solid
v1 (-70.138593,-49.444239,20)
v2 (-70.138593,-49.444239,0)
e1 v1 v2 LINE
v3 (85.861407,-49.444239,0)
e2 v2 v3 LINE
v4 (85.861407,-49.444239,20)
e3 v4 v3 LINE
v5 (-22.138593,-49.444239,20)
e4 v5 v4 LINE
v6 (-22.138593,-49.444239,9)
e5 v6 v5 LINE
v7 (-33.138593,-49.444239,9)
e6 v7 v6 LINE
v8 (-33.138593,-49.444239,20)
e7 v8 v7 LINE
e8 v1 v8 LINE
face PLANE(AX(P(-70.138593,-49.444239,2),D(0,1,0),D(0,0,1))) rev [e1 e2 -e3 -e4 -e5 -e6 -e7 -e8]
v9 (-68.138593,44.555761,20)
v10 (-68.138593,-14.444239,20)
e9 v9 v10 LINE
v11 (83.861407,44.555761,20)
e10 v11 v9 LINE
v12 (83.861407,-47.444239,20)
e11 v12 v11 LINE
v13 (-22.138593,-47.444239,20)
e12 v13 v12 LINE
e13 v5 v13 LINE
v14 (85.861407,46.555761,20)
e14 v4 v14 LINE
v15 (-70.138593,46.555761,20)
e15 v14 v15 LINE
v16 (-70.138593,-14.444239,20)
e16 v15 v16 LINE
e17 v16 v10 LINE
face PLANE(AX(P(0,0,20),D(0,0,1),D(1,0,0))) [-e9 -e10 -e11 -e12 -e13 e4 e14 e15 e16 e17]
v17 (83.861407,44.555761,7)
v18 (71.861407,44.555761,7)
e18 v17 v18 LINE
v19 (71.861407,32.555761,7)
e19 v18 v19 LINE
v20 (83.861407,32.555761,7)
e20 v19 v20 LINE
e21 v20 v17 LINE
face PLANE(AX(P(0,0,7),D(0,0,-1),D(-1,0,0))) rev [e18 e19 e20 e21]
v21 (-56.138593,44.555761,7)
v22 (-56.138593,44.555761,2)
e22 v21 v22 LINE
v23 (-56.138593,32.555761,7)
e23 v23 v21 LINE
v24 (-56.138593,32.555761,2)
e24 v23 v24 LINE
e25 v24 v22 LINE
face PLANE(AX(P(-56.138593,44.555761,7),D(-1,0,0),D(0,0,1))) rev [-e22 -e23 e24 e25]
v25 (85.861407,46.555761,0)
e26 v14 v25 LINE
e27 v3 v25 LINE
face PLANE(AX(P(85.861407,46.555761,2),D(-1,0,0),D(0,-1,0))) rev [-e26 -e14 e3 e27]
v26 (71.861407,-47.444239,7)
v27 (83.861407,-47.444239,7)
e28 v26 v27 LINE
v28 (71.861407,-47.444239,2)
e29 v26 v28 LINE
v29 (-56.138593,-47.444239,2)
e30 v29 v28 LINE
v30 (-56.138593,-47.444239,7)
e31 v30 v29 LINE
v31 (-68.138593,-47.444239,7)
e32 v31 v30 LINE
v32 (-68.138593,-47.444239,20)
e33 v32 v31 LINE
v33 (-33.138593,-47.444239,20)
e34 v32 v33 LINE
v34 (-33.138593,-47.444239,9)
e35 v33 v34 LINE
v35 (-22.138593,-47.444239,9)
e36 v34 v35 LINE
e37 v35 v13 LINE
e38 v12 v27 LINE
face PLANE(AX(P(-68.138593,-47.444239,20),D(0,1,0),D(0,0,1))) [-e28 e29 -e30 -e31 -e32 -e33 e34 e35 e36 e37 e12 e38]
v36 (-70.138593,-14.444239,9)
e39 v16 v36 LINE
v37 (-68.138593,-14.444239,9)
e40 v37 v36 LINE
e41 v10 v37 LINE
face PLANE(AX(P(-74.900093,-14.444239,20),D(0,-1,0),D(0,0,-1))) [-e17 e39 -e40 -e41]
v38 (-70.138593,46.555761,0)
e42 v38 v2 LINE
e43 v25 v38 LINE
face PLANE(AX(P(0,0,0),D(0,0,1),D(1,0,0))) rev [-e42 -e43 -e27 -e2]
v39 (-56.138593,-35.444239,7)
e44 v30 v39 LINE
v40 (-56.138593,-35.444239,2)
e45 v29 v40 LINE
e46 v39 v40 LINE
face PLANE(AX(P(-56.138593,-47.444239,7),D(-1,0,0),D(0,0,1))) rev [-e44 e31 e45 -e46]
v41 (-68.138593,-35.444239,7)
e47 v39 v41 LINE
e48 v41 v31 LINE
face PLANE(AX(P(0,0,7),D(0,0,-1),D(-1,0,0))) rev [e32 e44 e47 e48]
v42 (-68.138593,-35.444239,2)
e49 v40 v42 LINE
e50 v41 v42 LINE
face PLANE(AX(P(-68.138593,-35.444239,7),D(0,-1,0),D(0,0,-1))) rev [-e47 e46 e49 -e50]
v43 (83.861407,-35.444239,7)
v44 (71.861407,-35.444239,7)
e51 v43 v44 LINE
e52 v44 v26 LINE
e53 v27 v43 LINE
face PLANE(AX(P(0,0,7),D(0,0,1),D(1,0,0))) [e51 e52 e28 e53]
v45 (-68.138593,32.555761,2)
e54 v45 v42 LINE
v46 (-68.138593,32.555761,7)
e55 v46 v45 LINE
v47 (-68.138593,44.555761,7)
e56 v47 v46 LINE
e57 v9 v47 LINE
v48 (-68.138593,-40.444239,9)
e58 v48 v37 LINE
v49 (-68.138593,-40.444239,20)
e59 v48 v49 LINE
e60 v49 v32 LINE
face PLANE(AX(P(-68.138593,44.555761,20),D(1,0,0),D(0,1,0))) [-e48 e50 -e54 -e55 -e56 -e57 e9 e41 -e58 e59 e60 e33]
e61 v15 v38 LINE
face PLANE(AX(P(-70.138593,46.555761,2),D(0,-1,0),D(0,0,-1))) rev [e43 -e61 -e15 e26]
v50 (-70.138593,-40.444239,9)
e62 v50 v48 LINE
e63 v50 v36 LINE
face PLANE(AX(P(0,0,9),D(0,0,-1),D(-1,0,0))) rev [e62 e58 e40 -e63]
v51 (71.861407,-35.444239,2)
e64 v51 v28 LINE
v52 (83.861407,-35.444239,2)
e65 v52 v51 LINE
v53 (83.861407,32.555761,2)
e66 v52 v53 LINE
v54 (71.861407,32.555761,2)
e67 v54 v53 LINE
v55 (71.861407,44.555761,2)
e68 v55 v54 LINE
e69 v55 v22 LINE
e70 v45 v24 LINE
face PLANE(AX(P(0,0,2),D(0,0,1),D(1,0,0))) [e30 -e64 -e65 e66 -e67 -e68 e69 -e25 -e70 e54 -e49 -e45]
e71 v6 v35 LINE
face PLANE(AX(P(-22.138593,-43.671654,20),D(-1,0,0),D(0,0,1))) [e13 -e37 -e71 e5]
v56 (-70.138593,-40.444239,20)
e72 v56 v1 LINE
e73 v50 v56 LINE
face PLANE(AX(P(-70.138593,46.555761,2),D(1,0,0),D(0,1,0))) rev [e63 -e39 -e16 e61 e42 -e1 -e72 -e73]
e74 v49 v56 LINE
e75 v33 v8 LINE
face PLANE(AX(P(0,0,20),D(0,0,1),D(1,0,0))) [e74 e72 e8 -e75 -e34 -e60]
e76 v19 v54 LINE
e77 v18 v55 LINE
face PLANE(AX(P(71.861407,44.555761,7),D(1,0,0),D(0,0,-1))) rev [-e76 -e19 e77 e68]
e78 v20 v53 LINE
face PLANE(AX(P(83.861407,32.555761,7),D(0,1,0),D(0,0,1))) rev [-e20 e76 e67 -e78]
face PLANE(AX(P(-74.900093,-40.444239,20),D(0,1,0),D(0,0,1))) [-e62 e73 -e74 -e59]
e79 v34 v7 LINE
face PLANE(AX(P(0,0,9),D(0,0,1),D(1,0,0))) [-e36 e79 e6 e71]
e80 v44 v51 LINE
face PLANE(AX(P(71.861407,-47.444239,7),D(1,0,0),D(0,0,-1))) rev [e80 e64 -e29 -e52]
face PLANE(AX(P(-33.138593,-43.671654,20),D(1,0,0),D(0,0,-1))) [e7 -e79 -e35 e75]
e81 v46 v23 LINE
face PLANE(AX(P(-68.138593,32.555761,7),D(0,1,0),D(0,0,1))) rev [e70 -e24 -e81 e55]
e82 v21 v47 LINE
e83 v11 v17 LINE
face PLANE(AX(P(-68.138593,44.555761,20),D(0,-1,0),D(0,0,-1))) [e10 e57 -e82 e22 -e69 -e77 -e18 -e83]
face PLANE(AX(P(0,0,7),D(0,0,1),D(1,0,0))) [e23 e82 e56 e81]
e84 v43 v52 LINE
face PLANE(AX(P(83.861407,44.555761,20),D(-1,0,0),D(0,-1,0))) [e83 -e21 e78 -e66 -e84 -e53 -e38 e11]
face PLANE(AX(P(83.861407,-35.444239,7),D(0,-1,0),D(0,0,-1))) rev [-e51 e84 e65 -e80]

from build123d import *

# Parameters (mm, degrees)
ESQUISSE1_W             = 156
ESQUISSE1_H             = 96
BOSS_EXTRU_1_DEPTH      = 2
ESQUISSE2_W             = 156
ESQUISSE2_H             = 96
ESQUISSE2_W_2           = 152
ESQUISSE2_H_2           = 92
BOSS_EXTRU_2_DEPTH      = 18
ESQUISSE3_W             = 12
ESQUISSE3_H             = 12
BOSS_EXTRU_3_DEPTH      = 5
ESQUISSE4_W             = 12.488308145
ESQUISSE4_H             = 26
ESQUISSE4_W_2           = 11
ESQUISSE4_H_2           = 11.218310707
ENL_V_MAT_EXTRU_1_DEPTH = 100.689086297


with BuildPart() as part:
    # Esquisse1 → Boss.-Extru.1 (new body)
    with BuildSketch(Plane.XY):
        with Locations((7.861406509, -1.444239291)):
            Rectangle(ESQUISSE1_W, ESQUISSE1_H)
    extrude(amount=BOSS_EXTRU_1_DEPTH)

    # Esquisse2 → Boss.-Extru.2 (add)
    with BuildSketch(Plane.XY.offset(2)):
        with Locations((7.861406509, -1.444239291)):
            Rectangle(ESQUISSE2_W, ESQUISSE2_H)
        with Locations((7.861406509, -1.444239291)):
            Rectangle(ESQUISSE2_W_2, ESQUISSE2_H_2, mode=Mode.SUBTRACT)
    extrude(amount=BOSS_EXTRU_2_DEPTH)

    # Esquisse3 → Boss.-Extru.3 (add)
    with BuildSketch(Plane.XY.offset(2)):
        with Locations((-62.138593491, 38.555760709)):
            Rectangle(ESQUISSE3_W, ESQUISSE3_H)
        with Locations((77.861406509, -41.444239291)):
            Rectangle(ESQUISSE3_W, ESQUISSE3_H)
        with Locations((77.861406509, 38.555760709)):
            Rectangle(ESQUISSE3_W, ESQUISSE3_H)
        with Locations((-62.138593491, -41.444239291)):
            Rectangle(ESQUISSE3_W, ESQUISSE3_H)
    extrude(amount=BOSS_EXTRU_3_DEPTH)

    # Esquisse4 → Enlèv. mat.-Extru.1 (cut, through all)
    with BuildSketch(Plane.XY.offset(9)):
        with Locations((-68.655939158, -27.444239291)):
            Rectangle(ESQUISSE4_W, ESQUISSE4_H)
        with Locations((-27.638593491, -49.280809473)):
            Rectangle(ESQUISSE4_W_2, ESQUISSE4_H_2)
    extrude(amount=ENL_V_MAT_EXTRU_1_DEPTH, mode=Mode.SUBTRACT)


solid = part.part
